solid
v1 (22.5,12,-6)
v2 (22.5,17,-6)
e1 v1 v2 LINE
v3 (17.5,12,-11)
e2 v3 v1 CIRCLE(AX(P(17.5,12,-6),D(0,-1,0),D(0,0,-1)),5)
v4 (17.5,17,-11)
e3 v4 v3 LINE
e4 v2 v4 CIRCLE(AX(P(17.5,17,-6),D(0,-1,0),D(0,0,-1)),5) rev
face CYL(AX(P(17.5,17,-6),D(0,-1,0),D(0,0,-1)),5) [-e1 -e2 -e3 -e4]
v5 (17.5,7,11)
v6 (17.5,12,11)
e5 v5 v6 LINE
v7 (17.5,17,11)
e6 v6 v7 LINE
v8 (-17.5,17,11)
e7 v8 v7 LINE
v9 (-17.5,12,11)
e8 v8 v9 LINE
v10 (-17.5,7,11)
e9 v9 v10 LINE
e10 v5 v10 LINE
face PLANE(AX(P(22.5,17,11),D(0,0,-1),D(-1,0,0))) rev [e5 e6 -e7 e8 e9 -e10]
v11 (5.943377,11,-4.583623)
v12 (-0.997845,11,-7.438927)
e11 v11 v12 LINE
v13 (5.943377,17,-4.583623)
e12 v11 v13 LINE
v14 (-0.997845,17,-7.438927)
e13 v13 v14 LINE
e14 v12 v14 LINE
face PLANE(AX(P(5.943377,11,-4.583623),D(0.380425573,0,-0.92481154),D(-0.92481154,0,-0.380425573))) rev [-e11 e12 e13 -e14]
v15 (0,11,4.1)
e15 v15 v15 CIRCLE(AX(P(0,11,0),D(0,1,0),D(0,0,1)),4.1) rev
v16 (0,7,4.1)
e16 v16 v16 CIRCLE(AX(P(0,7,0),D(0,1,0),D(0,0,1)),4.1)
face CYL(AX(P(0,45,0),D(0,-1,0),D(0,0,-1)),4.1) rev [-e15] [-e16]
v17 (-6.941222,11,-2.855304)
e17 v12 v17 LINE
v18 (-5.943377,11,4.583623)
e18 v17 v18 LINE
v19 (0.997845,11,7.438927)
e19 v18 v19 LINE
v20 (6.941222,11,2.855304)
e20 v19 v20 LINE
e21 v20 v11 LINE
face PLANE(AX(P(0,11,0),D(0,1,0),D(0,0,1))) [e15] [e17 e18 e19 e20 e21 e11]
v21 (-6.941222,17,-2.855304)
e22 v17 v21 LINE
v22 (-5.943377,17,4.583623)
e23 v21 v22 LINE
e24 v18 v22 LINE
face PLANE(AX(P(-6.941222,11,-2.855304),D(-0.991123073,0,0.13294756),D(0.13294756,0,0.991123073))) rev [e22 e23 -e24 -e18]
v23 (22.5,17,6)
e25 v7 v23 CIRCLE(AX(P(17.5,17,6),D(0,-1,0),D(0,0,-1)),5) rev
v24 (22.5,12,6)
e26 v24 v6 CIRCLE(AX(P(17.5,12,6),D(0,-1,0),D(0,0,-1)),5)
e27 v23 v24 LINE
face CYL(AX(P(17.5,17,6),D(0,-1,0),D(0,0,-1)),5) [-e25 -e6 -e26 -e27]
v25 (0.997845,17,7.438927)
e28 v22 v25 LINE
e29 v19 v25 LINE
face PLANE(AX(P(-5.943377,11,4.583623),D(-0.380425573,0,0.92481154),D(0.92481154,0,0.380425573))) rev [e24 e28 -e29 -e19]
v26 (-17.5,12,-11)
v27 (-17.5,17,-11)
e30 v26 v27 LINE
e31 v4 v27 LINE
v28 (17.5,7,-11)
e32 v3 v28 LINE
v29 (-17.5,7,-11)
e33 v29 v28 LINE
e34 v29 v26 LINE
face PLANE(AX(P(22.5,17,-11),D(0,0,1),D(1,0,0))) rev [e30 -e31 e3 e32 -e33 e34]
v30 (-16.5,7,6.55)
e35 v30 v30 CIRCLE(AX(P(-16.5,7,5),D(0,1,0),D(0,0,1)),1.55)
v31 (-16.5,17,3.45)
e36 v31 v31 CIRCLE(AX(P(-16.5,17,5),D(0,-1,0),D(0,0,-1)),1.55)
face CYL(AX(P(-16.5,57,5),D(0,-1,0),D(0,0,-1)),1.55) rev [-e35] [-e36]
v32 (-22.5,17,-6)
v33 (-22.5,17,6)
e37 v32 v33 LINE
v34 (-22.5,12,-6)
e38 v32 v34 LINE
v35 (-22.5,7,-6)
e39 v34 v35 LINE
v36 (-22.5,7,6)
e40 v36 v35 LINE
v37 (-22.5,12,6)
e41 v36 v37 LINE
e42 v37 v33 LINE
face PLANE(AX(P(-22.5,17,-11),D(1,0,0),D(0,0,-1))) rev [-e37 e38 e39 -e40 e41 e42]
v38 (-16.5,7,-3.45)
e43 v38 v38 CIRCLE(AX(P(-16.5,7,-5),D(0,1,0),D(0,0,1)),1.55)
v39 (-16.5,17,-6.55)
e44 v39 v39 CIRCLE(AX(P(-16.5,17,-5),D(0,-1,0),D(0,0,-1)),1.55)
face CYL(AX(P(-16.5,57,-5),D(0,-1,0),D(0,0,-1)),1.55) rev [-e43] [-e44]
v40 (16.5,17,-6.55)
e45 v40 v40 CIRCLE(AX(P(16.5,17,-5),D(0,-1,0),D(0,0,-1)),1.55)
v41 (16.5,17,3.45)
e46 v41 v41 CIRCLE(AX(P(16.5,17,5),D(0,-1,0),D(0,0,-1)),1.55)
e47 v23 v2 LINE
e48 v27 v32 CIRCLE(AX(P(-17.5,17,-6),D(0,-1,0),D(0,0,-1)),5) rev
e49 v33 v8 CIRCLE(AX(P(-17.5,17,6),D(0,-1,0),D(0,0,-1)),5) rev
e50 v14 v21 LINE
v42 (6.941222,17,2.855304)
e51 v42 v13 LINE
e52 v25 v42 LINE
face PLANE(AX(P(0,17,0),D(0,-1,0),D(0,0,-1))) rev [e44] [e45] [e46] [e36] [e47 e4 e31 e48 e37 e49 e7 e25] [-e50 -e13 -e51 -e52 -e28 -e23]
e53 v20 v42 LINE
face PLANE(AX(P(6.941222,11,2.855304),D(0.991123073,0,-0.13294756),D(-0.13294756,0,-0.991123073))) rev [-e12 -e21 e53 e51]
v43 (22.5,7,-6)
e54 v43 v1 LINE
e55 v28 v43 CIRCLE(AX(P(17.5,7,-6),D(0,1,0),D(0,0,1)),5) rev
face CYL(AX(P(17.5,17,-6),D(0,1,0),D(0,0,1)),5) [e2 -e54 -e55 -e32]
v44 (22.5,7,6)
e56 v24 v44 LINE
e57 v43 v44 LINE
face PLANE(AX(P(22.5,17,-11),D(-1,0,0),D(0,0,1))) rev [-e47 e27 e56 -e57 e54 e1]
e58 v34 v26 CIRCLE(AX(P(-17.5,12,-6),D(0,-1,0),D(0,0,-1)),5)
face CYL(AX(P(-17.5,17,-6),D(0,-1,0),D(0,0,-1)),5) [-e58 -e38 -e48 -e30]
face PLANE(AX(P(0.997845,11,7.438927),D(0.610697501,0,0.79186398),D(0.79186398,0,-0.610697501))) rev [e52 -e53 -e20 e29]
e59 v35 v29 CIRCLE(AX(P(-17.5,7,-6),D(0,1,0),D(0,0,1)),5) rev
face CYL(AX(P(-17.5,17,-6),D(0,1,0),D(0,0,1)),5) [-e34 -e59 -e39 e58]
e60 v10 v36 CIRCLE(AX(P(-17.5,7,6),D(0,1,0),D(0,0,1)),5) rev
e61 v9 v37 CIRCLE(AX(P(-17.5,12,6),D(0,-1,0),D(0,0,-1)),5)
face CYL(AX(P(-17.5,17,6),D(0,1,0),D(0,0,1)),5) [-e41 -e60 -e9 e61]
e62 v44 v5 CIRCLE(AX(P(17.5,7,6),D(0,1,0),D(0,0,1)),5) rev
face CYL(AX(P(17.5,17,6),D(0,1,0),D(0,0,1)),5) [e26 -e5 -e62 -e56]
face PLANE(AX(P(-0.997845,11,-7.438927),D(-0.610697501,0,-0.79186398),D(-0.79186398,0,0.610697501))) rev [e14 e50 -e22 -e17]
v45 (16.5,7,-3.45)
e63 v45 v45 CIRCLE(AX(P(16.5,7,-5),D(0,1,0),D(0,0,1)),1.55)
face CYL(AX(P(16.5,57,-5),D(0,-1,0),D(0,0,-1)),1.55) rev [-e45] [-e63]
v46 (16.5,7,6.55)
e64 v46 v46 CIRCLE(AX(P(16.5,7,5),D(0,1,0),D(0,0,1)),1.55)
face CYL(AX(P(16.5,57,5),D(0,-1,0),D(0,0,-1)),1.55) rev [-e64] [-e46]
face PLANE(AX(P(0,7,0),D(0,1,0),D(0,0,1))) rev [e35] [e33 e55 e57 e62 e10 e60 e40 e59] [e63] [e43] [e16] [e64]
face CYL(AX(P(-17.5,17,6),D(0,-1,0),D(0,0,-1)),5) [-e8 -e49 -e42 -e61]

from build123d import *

# Parameters (mm, degrees)
CROQUIS1_R              = 10
CROQUIS1_R_2            = 3.5
EXTRUIR1_DEPTH          = 12
CROQUIS2_W              = 45
CROQUIS2_H              = 22
SALIENTE_EXTRUIR1_DEPTH = 5
REDONDEO1_R             = 5
REDONDEO2_R             = 5
REDONDEO3_R             = 5
REDONDEO4_R             = 5
CROQUIS3_R              = 4.1
CORTAR_EXTRUIR1_DEPTH   = 45
CROQUIS4_R              = 1.55
CORTAR_EXTRUIR2_DEPTH   = 45
CROQUIS7_W              = 22.113905464
CROQUIS7_H              = 24
CORTAR_EXTRUIR4_DEPTH   = 70
CROQUIS8_W              = 45
CROQUIS8_H              = 22
SALIENTE_EXTRUIR2_DEPTH = 5
REDONDEO5_R             = 5
REDONDEO6_R             = 5
REDONDEO7_R             = 5
REDONDEO8_R             = 5
CROQUIS9_R              = 1.55
CROQUIS9_R_2            = 4.1
CORTAR_EXTRUIR5_DEPTH   = 15
CORTAR_EXTRUIR7_DEPTH   = 6


with BuildPart() as part:
    # Croquis1 → Extruir1 (new body)
    with BuildSketch(Plane(origin=(0, 0, 0), x_dir=(1, 0, 0), z_dir=(0, 1, 0))):
        Circle(CROQUIS1_R)
        Circle(CROQUIS1_R_2, mode=Mode.SUBTRACT)
    extrude(amount=EXTRUIR1_DEPTH)

    # Croquis2 → Saliente-Extruir1 (add)
    with BuildSketch(Plane(origin=(0, 12, 0), x_dir=(1, 0, 0), z_dir=(0, 1, 0))):
        Rectangle(CROQUIS2_W, CROQUIS2_H)
    extrude(amount=SALIENTE_EXTRUIR1_DEPTH)

    # Redondeo1
    redondeo1_edges = [part.edges().sort_by_distance(p)[0] for p in [
        (22.5, 14.5, -11),
    ]]
    fillet(redondeo1_edges, radius=REDONDEO1_R)

    # Redondeo2
    redondeo2_edges = [part.edges().sort_by_distance(p)[0] for p in [
        (22.5, 14.5, 11),
    ]]
    fillet(redondeo2_edges, radius=REDONDEO2_R)

    # Redondeo3
    redondeo3_edges = [part.edges().sort_by_distance(p)[0] for p in [
        (-22.5, 14.5, 11),
    ]]
    fillet(redondeo3_edges, radius=REDONDEO3_R)

    # Redondeo4
    redondeo4_edges = [part.edges().sort_by_distance(p)[0] for p in [
        (-22.5, 14.5, -11),
    ]]
    fillet(redondeo4_edges, radius=REDONDEO4_R)

    # Croquis3 → Cortar-Extruir1 (cut)
    with BuildSketch(Plane.XZ):
        Circle(CROQUIS3_R)
    extrude(amount=-CORTAR_EXTRUIR1_DEPTH, mode=Mode.SUBTRACT)

    # Croquis4 → Cortar-Extruir2 (cut)
    with BuildSketch(Plane.XZ.offset(-12)):
        with Locations((-16.5, 5)):
            Circle(CROQUIS4_R)
        with Locations((-16.5, -5)):
            Circle(CROQUIS4_R)
        with Locations((16.5, 5)):
            Circle(CROQUIS4_R)
        with Locations((16.5, -5)):
            Circle(CROQUIS4_R)
    extrude(amount=-CORTAR_EXTRUIR2_DEPTH, mode=Mode.SUBTRACT)

    # Croquis7 → Cortar-Extruir4 (cut)
    with BuildSketch(Plane.XY.offset(11)):
        Rectangle(CROQUIS7_W, CROQUIS7_H)
    extrude(amount=-CORTAR_EXTRUIR4_DEPTH, mode=Mode.SUBTRACT)

    # Croquis8 → Saliente-Extruir2 (add)
    with BuildSketch(Plane.XZ.offset(-12)):
        Rectangle(CROQUIS8_W, CROQUIS8_H)
    extrude(amount=SALIENTE_EXTRUIR2_DEPTH)

    # Redondeo5
    redondeo5_edges = [part.edges().sort_by_distance(p)[0] for p in [
        (-22.5, 9.5, -11),
    ]]
    fillet(redondeo5_edges, radius=REDONDEO5_R)

    # Redondeo6
    redondeo6_edges = [part.edges().sort_by_distance(p)[0] for p in [
        (22.5, 9.5, -11),
    ]]
    fillet(redondeo6_edges, radius=REDONDEO6_R)

    # Redondeo7
    redondeo7_edges = [part.edges().sort_by_distance(p)[0] for p in [
        (22.5, 9.5, 11),
    ]]
    fillet(redondeo7_edges, radius=REDONDEO7_R)

    # Redondeo8
    redondeo8_edges = [part.edges().sort_by_distance(p)[0] for p in [
        (-22.5, 9.5, 11),
    ]]
    fillet(redondeo8_edges, radius=REDONDEO8_R)

    # Croquis9 → Cortar-Extruir5 (cut)
    with BuildSketch(Plane(origin=(0, 17, 0), x_dir=(1, 0, 0), z_dir=(0, 1, 0))):
        with Locations((-16.5, -5)):
            Circle(CROQUIS9_R)
        with Locations((-16.5, 5)):
            Circle(CROQUIS9_R)
        with Locations((16.5, -5)):
            Circle(CROQUIS9_R)
        with Locations((16.5, 5)):
            Circle(CROQUIS9_R)
        Circle(CROQUIS9_R_2)
    extrude(amount=-CORTAR_EXTRUIR5_DEPTH, mode=Mode.SUBTRACT)

    # Croquis10 → Cortar-Extruir7 (cut)
    with BuildSketch(Plane(origin=(0, 17, 0), x_dir=(1, 0, 0), z_dir=(0, 1, 0))):
        Polygon((6.941222487, -2.855304489), (5.943377466, 4.583622763), (-0.997845021, 7.438927251), (-6.941222487, 2.855304489), (-5.943377466, -4.583622763), (0.997845021, -7.438927251), align=None)
    extrude(amount=-CORTAR_EXTRUIR7_DEPTH, mode=Mode.SUBTRACT)


solid = part.part
